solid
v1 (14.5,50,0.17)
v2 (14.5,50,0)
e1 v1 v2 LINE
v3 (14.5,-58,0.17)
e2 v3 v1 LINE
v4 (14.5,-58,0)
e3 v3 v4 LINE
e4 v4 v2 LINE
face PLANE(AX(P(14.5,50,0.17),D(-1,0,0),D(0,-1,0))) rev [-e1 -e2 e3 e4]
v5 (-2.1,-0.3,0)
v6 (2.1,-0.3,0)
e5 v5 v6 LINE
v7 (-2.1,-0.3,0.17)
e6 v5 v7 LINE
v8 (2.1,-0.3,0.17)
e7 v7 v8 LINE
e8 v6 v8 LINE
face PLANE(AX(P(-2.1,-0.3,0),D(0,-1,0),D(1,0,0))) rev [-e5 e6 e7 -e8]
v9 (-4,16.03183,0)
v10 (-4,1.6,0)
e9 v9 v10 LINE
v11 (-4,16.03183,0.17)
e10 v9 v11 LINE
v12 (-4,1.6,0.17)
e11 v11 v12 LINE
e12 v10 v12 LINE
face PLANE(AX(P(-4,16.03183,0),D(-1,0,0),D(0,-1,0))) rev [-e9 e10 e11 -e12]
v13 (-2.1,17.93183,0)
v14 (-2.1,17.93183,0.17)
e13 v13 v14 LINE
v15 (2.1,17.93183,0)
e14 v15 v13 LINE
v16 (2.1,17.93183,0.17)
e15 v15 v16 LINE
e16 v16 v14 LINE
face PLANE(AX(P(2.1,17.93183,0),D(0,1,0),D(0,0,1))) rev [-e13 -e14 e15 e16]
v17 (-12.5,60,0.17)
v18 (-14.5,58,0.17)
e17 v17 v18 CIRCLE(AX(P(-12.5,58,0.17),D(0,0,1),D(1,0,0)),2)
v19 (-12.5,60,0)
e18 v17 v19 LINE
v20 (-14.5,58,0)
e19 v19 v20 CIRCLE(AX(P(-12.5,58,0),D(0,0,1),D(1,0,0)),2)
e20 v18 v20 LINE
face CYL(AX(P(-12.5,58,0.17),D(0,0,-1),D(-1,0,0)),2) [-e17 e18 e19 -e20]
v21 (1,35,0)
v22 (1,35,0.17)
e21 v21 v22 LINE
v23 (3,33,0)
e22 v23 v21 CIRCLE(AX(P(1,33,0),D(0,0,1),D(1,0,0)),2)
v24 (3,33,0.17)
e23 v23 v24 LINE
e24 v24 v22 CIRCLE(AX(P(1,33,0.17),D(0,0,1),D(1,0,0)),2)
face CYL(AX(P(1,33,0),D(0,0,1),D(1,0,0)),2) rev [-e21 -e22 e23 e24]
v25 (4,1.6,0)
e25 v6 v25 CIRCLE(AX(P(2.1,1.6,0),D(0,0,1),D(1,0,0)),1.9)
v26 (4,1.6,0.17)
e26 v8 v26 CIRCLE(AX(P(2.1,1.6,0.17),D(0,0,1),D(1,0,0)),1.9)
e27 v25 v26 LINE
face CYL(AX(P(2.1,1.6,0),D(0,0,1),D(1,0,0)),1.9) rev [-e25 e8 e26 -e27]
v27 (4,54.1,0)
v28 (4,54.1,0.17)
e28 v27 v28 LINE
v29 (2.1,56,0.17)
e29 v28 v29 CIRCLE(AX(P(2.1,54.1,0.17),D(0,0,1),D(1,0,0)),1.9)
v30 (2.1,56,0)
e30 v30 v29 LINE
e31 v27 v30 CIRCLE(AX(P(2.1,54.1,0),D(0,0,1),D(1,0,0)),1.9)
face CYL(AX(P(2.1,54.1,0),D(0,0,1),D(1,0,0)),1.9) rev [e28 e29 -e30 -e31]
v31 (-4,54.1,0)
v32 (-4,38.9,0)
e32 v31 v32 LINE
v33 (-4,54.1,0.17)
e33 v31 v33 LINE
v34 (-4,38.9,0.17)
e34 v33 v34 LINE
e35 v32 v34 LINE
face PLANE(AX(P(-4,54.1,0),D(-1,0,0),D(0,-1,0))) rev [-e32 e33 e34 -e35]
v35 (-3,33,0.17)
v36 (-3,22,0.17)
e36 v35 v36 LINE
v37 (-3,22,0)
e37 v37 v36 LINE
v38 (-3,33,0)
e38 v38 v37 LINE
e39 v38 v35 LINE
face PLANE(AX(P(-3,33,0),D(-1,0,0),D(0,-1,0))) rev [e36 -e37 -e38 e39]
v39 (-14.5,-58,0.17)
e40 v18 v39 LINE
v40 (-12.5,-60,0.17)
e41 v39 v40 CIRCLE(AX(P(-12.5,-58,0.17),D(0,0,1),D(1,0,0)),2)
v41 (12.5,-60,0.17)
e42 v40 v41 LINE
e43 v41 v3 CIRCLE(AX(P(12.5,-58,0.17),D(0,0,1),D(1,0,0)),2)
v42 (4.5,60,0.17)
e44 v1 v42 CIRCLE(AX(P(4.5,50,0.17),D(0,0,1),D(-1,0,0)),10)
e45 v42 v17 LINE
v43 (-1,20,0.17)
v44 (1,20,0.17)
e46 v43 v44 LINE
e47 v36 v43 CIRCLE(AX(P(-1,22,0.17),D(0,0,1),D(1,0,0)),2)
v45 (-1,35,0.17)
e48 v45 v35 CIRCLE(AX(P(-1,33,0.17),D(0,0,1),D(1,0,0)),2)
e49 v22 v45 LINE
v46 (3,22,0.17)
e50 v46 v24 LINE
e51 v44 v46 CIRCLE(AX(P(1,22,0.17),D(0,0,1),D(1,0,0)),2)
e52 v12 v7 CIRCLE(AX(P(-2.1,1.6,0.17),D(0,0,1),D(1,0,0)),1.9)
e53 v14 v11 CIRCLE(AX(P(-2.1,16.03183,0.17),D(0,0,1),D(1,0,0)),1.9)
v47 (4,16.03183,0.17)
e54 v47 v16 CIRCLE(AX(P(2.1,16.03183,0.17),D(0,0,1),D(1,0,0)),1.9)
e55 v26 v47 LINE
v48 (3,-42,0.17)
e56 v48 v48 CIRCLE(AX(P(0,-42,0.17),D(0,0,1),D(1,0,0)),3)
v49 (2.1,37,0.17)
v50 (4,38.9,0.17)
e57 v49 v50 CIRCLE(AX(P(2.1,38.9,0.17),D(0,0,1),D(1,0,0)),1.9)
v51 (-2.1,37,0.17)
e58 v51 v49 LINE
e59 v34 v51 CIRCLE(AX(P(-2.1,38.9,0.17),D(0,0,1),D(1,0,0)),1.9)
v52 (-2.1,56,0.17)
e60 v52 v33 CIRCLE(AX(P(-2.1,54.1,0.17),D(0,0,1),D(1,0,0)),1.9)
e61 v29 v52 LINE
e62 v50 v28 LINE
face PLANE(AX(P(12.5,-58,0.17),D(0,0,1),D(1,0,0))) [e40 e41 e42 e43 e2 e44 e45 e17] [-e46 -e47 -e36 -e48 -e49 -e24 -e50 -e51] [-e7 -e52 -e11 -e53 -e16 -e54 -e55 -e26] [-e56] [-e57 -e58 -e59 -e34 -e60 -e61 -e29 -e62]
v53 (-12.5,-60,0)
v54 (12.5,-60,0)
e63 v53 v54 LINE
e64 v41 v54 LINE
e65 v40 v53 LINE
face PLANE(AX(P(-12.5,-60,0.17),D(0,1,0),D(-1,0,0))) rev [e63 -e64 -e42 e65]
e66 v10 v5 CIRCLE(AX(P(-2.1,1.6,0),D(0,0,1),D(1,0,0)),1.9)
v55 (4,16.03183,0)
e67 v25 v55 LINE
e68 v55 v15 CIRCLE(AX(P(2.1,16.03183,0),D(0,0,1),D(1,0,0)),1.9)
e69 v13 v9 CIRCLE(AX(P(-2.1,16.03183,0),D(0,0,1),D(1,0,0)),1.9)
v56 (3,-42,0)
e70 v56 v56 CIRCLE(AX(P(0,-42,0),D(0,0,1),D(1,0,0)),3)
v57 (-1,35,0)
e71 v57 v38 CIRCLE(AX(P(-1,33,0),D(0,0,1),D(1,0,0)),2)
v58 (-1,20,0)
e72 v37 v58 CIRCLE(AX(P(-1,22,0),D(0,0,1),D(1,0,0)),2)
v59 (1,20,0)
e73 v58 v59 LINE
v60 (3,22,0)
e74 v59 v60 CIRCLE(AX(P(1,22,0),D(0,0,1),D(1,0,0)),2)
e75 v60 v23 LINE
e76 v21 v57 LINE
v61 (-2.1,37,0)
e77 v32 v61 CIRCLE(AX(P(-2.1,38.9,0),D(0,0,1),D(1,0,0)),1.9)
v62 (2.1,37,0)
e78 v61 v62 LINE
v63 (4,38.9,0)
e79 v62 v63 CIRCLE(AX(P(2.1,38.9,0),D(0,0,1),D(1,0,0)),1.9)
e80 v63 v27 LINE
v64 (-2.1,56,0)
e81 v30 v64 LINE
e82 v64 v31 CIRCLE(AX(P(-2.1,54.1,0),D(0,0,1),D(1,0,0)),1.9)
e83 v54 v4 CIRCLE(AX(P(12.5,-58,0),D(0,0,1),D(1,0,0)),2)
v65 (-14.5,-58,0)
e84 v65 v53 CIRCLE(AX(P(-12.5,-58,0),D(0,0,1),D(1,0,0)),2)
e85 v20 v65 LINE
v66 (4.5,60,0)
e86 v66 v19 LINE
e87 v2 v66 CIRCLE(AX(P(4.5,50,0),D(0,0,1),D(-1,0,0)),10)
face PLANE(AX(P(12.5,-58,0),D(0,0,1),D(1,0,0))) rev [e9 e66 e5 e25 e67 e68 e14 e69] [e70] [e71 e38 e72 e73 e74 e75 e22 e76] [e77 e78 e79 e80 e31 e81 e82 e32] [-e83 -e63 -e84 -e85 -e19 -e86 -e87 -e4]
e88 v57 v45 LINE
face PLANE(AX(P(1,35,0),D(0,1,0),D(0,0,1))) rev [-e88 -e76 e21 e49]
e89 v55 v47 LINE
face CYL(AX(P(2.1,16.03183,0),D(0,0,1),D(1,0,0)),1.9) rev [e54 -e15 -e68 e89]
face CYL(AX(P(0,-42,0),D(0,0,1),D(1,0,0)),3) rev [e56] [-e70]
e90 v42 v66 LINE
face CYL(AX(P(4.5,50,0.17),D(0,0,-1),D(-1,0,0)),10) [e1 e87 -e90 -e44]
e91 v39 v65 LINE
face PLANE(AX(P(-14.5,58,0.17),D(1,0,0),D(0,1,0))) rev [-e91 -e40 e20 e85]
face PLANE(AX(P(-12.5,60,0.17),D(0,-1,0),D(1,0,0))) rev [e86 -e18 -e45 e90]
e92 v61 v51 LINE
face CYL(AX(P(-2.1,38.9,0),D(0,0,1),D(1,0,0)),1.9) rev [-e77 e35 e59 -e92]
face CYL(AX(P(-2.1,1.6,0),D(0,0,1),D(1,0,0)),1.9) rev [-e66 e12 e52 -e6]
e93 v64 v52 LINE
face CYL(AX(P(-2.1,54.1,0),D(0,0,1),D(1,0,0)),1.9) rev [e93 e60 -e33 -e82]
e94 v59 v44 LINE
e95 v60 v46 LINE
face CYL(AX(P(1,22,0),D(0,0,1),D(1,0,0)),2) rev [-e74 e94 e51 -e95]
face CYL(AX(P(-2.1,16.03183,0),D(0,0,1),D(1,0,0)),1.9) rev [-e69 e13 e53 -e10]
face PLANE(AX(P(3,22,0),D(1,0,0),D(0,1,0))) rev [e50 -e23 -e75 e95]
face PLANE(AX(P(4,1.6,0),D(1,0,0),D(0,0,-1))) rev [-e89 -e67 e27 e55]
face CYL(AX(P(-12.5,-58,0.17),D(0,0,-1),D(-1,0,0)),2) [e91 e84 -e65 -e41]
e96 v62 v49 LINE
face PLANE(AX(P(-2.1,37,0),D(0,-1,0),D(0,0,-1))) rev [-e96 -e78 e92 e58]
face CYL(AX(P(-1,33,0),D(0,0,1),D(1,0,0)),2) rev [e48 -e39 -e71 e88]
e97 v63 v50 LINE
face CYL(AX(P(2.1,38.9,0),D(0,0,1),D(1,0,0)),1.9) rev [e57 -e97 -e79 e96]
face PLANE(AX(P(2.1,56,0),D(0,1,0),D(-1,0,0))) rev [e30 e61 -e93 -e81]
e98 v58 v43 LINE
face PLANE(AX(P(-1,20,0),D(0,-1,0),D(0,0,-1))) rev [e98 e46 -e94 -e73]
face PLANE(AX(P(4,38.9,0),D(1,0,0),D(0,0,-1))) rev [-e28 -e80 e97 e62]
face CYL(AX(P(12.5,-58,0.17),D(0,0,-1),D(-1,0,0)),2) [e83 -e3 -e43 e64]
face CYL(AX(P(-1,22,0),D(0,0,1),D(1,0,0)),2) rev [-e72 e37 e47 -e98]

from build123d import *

# Parameters (mm, degrees)
BOSS_EXTRUDE5_DEPTH = 0.17
SKETCH1_R           = 3
CUT_EXTRUDE1_DEPTH  = 62.727456614
CUT_EXTRUDE2_DEPTH  = 62.727456614


with BuildPart() as part:
    # Sketch7 → Boss-Extrude5 (new body)
    with BuildSketch(Plane.XY):
        with BuildLine():
            Line((-12.5, 60), (4.5, 60))
            ThreePointArc((4.5, 60), (11.571067812, 57.071067812), (14.5, 50))
            Line((14.5, 50), (14.5, -58))
            ThreePointArc((14.5, -58), (13.914213562, -59.414213562), (12.5, -60))
            Line((12.5, -60), (-12.5, -60))
            ThreePointArc((-12.5, -60), (-13.914213562, -59.414213562), (-14.5, -58))
            Line((-14.5, -58), (-14.5, 58))
            ThreePointArc((-14.5, 58), (-13.914213562, 59.414213562), (-12.5, 60))
        make_face()
    extrude(amount=BOSS_EXTRUDE5_DEPTH)

    # Sketch1 (on Front Plane) → Cut-Extrude1 (cut, through all)
    with BuildSketch(Plane.XY):
        with Locations((0, -42)):
            Circle(SKETCH1_R)
        with BuildLine():
            Line((-2.1, -0.3), (2.1, -0.3))
            ThreePointArc((2.1, -0.3), (3.443502884, 0.256497116), (4, 1.6))
            Line((4, 1.6), (4, 16.031829774))
            ThreePointArc((4, 16.031829774), (3.443502884, 17.375332658), (2.1, 17.931829774))
            Line((2.1, 17.931829774), (-2.1, 17.931829774))
            ThreePointArc((-2.1, 17.931829774), (-3.443502884, 17.375332658), (-4, 16.031829774))
            Line((-4, 16.031829774), (-4, 1.6))
            ThreePointArc((-4, 1.6), (-3.443502884, 0.256497116), (-2.1, -0.3))
        make_face()
        with BuildLine():
            Line((2.1, 56), (-2.1, 56))
            ThreePointArc((-2.1, 56), (-3.443502884, 55.443502884), (-4, 54.1))
            Line((-4, 54.1), (-4, 38.9))
            ThreePointArc((-4, 38.9), (-3.443502884, 37.556497116), (-2.1, 37))
            Line((-2.1, 37), (2.1, 37))
            ThreePointArc((2.1, 37), (3.443502884, 37.556497116), (4, 38.9))
            Line((4, 38.9), (4, 54.1))
            ThreePointArc((4, 54.1), (3.443502884, 55.443502884), (2.1, 56))
        make_face()
    extrude(amount=CUT_EXTRUDE1_DEPTH, mode=Mode.SUBTRACT)

    # Sketch8 → Cut-Extrude2 (cut, through all)
    with BuildSketch(Plane.XY.offset(0.17)):
        with BuildLine():
            Line((-3, 33), (-3, 22))
            ThreePointArc((-3, 22), (-2.414213562, 20.585786438), (-1, 20))
            Line((-1, 20), (1, 20))
            ThreePointArc((1, 20), (2.414213562, 20.585786438), (3, 22))
            Line((3, 22), (3, 33))
            ThreePointArc((3, 33), (2.414213562, 34.414213562), (1, 35))
            Line((1, 35), (-1, 35))
            ThreePointArc((-1, 35), (-2.414213562, 34.414213562), (-3, 33))
        make_face()
    extrude(amount=-CUT_EXTRUDE2_DEPTH, mode=Mode.SUBTRACT)


solid = part.part
